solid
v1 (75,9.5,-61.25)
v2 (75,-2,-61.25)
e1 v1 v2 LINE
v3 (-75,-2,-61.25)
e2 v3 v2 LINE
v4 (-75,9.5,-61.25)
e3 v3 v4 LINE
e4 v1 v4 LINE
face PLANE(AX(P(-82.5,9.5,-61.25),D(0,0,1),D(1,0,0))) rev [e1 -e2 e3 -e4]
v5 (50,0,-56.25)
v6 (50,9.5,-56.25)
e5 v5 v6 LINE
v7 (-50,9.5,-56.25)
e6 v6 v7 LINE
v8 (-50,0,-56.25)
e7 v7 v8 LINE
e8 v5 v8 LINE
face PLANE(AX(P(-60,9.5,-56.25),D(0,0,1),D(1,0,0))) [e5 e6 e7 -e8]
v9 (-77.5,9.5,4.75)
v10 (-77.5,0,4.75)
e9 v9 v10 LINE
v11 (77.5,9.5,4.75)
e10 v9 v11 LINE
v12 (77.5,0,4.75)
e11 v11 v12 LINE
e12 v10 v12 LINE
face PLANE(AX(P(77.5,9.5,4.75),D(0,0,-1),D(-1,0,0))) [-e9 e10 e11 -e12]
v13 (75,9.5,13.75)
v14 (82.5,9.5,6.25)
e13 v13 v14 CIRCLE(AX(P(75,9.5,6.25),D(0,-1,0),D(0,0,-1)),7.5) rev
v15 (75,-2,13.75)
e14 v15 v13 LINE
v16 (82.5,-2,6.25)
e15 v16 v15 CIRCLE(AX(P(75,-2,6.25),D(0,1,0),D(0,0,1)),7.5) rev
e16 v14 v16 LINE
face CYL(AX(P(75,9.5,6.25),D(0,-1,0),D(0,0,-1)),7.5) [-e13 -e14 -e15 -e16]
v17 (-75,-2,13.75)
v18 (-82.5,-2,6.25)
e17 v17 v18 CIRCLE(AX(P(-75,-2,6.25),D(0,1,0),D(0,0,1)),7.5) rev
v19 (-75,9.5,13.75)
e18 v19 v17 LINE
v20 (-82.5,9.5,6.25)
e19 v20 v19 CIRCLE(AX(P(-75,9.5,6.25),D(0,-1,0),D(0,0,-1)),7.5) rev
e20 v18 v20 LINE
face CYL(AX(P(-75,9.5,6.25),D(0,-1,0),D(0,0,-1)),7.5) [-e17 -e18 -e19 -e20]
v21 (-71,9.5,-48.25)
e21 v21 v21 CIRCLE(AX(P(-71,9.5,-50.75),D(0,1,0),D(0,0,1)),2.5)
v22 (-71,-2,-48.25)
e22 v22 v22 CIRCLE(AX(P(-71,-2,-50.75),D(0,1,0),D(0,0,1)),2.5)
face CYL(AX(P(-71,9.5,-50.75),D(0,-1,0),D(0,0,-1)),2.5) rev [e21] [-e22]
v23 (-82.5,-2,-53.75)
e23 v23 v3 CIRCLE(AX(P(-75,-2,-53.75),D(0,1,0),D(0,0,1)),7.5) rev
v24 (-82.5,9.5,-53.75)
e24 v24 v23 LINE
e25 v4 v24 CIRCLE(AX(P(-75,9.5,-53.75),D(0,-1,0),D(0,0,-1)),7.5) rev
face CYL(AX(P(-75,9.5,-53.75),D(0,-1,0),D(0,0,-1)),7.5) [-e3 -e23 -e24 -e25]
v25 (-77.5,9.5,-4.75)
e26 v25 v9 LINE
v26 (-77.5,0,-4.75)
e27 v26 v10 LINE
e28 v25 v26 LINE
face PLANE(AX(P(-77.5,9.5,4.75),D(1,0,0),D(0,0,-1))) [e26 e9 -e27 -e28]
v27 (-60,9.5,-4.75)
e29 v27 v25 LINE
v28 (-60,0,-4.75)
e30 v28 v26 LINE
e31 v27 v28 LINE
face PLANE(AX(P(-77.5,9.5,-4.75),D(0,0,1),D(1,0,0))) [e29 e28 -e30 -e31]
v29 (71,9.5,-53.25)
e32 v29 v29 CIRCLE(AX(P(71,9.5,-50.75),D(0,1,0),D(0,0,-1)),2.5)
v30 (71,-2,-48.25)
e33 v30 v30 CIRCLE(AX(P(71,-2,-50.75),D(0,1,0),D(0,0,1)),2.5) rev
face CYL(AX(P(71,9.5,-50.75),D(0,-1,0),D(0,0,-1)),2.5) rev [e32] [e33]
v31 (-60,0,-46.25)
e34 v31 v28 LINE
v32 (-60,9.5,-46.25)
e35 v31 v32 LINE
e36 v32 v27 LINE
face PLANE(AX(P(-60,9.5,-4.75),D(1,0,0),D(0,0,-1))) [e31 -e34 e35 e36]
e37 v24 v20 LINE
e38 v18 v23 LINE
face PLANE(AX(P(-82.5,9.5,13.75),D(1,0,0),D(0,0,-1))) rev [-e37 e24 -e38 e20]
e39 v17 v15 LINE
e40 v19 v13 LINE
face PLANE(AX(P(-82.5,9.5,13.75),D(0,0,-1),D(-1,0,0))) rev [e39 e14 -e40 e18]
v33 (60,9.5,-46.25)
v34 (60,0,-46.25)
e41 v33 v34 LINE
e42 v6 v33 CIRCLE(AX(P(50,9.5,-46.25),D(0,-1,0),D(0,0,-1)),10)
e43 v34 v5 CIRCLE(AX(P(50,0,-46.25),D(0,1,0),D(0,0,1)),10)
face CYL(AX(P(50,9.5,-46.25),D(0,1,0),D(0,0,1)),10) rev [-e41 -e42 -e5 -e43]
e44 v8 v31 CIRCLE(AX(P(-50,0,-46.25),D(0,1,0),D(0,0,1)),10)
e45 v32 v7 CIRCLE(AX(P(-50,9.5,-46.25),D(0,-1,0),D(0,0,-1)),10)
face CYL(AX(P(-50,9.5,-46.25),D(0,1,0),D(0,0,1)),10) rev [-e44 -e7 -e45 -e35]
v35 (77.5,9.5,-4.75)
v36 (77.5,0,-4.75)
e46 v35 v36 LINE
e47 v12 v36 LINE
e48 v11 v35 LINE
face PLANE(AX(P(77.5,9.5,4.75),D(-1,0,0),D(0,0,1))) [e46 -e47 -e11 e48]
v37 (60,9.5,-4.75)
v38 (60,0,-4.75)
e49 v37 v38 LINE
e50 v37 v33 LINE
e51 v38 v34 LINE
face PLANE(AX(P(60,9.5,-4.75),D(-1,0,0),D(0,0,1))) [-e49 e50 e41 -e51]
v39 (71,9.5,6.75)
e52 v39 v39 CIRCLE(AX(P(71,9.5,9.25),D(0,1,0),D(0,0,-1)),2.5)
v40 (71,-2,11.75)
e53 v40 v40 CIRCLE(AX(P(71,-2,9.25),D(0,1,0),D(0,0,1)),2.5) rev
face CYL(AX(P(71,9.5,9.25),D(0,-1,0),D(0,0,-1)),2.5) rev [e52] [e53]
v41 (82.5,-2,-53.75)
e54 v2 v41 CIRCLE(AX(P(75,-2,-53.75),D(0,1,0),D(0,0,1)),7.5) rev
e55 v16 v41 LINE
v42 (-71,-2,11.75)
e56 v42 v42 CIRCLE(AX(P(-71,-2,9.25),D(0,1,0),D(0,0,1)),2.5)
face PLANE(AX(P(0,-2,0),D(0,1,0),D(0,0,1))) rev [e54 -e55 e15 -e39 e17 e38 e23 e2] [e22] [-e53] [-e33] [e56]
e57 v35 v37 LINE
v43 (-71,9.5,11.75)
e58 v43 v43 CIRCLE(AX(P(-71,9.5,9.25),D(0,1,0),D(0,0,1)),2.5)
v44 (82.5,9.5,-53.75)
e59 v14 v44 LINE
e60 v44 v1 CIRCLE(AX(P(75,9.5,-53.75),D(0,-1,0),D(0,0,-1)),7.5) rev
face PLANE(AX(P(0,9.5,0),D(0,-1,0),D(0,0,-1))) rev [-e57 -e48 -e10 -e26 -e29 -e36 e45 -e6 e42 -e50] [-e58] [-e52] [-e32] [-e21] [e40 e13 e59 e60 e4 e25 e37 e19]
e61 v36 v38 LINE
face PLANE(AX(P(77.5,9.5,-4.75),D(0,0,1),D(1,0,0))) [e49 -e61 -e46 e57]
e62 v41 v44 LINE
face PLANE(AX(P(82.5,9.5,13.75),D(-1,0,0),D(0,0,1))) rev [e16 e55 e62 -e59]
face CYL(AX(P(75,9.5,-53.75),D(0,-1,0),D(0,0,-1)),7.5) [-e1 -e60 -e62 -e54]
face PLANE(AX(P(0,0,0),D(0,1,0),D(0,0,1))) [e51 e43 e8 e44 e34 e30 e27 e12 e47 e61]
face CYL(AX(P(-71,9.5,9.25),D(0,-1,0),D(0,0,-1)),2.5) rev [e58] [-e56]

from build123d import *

# Parameters (mm, degrees)
SKETCH_1_W      = 165
SKETCH_1_H      = 75
SKETCH_1_R      = 2.5
EXTRUDE_1_DEPTH = 9.5
EXTRUDE_START   = -2
SKETCH_1_2_W    = 165
SKETCH_1_2_H    = 75
SKETCH_1_2_R    = 2.5
EXTRUDE_2_DEPTH = 2
FILLET_1_R      = 10
FILLET_2_R      = 7.5


with BuildPart() as part:
    # Эскиз1 → Бобышка-Вытянуть1 (new body)
    with BuildSketch(Plane(origin=(0, 0, 0), x_dir=(1, 0, 0), z_dir=(0, 1, 0))):
        with Locations((0, 23.75)):
            Rectangle(SKETCH_1_W, SKETCH_1_H)
        with Locations((-71, -9.25)):
            Circle(SKETCH_1_R, mode=Mode.SUBTRACT)
        with Locations((-71, 50.75)):
            Circle(SKETCH_1_R, mode=Mode.SUBTRACT)
        with Locations((71, -9.25)):
            Circle(SKETCH_1_R, mode=Mode.SUBTRACT)
        with Locations((71, 50.75)):
            Circle(SKETCH_1_R, mode=Mode.SUBTRACT)
        Polygon((77.5, -4.75), (-77.5, -4.75), (-77.5, 4.75), (-60, 4.75), (-60, 56.25), (60, 56.25), (60, 4.75), (77.5, 4.75), align=None, mode=Mode.SUBTRACT)
    extrude(amount=EXTRUDE_1_DEPTH)

    # Эскиз1<2> → Бобышка-Вытянуть2 (add)
    with BuildSketch(Plane(origin=(0, 0, 0), x_dir=(1, 0, 0), z_dir=(0, 1, 0)).offset(EXTRUDE_START)):
        with Locations((0, 23.75)):
            Rectangle(SKETCH_1_2_W, SKETCH_1_2_H)
        with Locations((-71, -9.25)):
            Circle(SKETCH_1_2_R, mode=Mode.SUBTRACT)
        with Locations((71, -9.25)):
            Circle(SKETCH_1_2_R, mode=Mode.SUBTRACT)
        with Locations((-71, 50.75)):
            Circle(SKETCH_1_2_R, mode=Mode.SUBTRACT)
        with Locations((71, 50.75)):
            Circle(SKETCH_1_2_R, mode=Mode.SUBTRACT)
    extrude(amount=EXTRUDE_2_DEPTH)

    # Скругление1
    fillet_1_edges = [part.edges().sort_by_distance(p)[0] for p in [
        (60, 4.75, -56.25),
        (-60, 4.75, -56.25),
    ]]
    fillet(fillet_1_edges, radius=FILLET_1_R)

    # Скругление2
    fillet_2_edges = [part.edges().sort_by_distance(p)[0] for p in [
        (82.5, 3.75, 13.75),
        (82.5, 3.75, -61.25),
        (-82.5, 3.75, -61.25),
        (-82.5, 3.75, 13.75),
    ]]
    fillet(fillet_2_edges, radius=FILLET_2_R)


solid = part.part
